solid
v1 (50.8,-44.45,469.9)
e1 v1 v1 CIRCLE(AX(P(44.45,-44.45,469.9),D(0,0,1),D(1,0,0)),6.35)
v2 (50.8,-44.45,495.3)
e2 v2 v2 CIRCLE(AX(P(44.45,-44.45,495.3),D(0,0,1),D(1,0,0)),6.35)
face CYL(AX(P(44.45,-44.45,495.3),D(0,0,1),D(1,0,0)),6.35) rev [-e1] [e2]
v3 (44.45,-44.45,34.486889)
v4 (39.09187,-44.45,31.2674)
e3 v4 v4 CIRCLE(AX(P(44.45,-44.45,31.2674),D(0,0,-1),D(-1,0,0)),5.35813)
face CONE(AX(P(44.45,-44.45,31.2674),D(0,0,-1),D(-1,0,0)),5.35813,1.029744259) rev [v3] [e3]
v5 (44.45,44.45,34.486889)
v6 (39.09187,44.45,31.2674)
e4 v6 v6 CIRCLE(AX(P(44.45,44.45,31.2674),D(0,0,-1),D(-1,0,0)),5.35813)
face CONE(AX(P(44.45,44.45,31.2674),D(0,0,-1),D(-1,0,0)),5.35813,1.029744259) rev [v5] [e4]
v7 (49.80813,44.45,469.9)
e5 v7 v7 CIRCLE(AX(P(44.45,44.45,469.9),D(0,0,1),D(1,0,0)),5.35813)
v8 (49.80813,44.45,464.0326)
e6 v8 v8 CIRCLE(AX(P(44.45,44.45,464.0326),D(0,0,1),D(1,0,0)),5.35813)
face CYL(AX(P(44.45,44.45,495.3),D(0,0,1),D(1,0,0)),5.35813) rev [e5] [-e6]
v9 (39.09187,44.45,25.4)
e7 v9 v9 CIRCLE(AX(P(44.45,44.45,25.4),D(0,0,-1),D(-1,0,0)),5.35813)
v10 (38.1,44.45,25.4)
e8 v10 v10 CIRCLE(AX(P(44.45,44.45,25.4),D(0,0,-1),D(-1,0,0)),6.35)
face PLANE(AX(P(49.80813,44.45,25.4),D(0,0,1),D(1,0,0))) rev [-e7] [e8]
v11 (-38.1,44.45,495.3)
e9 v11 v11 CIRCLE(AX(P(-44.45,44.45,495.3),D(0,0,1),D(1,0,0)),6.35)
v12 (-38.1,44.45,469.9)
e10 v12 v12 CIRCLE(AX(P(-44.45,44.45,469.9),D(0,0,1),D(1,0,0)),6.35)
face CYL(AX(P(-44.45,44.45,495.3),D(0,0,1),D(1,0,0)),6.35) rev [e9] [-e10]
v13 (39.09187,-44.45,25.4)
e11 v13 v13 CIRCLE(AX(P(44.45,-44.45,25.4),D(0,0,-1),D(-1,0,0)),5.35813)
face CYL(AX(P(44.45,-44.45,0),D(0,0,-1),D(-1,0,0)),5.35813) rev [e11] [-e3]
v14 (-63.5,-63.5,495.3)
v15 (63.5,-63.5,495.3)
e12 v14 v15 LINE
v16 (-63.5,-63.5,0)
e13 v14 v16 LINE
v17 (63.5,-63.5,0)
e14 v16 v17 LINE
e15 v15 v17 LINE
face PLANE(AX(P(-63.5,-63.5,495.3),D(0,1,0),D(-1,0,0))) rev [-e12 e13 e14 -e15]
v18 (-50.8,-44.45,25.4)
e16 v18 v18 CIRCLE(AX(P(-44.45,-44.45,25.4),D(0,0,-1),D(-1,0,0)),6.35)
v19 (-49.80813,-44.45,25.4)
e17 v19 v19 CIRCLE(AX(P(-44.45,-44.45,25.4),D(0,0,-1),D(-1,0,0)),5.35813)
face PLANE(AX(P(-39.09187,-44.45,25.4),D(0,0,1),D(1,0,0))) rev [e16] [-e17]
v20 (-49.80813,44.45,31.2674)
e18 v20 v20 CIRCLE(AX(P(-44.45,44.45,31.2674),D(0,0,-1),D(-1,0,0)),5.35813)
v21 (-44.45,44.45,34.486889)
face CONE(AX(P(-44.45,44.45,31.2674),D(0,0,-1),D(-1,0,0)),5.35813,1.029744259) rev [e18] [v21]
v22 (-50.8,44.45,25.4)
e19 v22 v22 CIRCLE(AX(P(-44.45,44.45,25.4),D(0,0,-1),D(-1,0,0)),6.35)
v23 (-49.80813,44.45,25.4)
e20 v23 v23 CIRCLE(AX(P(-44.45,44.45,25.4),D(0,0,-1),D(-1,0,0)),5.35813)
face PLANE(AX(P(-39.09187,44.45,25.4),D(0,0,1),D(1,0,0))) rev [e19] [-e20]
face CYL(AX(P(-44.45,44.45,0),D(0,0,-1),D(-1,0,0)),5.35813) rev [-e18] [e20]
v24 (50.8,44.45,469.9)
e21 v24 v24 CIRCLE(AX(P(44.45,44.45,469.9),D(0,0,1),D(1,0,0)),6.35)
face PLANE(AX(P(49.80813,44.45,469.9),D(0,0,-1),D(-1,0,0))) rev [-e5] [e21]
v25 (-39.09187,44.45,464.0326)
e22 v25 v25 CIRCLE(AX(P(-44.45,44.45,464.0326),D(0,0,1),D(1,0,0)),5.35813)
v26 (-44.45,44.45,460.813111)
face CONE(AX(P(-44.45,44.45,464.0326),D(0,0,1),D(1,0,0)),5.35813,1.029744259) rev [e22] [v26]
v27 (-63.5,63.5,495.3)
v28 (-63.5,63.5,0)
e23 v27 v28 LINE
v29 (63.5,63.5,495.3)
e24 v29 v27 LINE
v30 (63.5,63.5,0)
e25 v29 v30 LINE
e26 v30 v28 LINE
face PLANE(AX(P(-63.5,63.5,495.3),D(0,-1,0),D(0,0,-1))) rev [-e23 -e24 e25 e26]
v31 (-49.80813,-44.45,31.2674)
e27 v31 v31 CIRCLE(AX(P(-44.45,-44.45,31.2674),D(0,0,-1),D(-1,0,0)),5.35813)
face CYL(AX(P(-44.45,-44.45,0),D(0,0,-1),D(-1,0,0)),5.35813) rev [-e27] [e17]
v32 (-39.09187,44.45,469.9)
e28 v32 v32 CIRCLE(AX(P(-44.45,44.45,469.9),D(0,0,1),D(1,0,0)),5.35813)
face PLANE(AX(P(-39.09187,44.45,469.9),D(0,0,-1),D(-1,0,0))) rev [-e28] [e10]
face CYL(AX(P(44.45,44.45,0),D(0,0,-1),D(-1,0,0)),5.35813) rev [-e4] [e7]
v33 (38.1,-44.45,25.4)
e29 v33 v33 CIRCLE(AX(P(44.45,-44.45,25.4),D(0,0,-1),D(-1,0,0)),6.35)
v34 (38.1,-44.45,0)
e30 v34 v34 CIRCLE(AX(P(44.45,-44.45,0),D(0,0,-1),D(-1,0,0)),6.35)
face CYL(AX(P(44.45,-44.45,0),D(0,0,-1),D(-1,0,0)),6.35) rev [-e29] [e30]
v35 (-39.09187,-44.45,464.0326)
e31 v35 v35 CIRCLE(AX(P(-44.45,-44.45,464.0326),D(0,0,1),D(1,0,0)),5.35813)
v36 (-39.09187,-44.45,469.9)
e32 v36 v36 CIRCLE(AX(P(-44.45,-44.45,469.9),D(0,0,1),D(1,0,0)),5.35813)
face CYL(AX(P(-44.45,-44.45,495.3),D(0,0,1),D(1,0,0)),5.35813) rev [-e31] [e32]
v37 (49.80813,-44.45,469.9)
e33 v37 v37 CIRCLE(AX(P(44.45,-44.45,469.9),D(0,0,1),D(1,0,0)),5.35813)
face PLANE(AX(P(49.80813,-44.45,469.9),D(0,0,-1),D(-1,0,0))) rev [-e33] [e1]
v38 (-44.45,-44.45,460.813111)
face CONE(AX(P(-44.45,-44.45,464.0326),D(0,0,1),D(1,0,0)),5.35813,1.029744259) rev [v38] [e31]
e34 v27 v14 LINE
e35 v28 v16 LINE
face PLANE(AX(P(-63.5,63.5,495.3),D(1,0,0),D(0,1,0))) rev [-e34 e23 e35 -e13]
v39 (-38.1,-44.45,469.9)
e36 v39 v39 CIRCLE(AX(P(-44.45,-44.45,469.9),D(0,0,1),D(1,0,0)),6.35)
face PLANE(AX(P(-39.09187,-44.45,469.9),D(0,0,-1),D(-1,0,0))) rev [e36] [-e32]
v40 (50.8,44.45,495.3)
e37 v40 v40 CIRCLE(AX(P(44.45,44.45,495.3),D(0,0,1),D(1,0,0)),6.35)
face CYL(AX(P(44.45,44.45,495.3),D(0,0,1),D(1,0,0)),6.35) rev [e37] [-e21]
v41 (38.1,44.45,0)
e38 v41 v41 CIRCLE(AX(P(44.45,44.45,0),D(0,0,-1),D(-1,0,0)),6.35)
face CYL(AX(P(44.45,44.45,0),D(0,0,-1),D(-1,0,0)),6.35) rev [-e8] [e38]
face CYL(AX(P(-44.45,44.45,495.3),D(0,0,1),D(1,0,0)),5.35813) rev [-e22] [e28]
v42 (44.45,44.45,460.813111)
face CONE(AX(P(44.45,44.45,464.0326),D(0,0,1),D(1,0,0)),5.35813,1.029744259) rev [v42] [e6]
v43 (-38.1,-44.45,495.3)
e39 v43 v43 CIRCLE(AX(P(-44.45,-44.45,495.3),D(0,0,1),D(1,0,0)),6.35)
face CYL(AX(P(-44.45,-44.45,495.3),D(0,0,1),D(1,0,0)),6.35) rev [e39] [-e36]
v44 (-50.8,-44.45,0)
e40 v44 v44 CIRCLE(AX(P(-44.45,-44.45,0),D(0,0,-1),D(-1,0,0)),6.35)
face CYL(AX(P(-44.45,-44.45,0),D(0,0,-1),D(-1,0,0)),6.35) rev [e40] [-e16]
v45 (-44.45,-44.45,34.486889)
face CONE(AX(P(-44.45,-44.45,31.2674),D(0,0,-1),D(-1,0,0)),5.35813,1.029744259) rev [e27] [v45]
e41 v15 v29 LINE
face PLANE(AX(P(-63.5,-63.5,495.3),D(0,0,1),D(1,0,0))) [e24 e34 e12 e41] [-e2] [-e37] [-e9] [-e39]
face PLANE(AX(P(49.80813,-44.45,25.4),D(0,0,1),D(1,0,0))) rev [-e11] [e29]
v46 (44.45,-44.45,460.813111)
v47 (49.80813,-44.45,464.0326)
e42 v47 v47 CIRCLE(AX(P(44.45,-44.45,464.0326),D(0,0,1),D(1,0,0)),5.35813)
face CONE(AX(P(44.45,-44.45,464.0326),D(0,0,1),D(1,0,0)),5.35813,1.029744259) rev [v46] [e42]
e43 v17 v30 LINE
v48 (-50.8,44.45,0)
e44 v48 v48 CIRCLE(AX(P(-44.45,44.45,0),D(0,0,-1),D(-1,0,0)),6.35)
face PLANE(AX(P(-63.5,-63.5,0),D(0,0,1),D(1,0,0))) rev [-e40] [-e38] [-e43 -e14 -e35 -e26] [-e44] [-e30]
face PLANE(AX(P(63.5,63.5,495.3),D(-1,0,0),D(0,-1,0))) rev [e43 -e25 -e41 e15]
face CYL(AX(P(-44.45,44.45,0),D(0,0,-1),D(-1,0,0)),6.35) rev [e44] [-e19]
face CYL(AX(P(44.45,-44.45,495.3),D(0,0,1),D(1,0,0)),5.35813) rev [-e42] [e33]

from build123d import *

# Parameters (mm, degrees)
SKETCH1_W                         = 127
SKETCH1_H                         = 127
BOSS_EXTRUDE1_DEPTH               = 495.3
F_1_2_13_TAPPED_HOLE1_D           = 10.71626
F_1_2_13_TAPPED_HOLE1_DEPTH       = 31.2674
F_1_2_13_TAPPED_HOLE1_CBORE_D     = 12.7
F_1_2_13_TAPPED_HOLE1_CBORE_DEPTH = 25.4
F_1_2_13_TAPPED_HOLE1_TIP         = 3.219489309
F_1_2_13_TAPPED_HOLE2_D           = 10.71626
F_1_2_13_TAPPED_HOLE2_DEPTH       = 31.2674
F_1_2_13_TAPPED_HOLE2_CBORE_D     = 12.7
F_1_2_13_TAPPED_HOLE2_CBORE_DEPTH = 25.4
F_1_2_13_TAPPED_HOLE2_TIP         = 3.219489309


with BuildPart() as part:
    # Sketch1 → Boss-Extrude1 (new body)
    with BuildSketch(Plane.XY):
        Rectangle(SKETCH1_W, SKETCH1_H)
    extrude(amount=BOSS_EXTRUDE1_DEPTH)

    # 1/2-13 Tapped Hole1
    with Locations(Plane.XY.offset(495.3)):
        with Locations((44.45, 44.45), (44.45, -44.45), (-44.45, -44.45), (-44.45, 44.45)):
            CounterBoreHole(F_1_2_13_TAPPED_HOLE1_D / 2, F_1_2_13_TAPPED_HOLE1_CBORE_D / 2, F_1_2_13_TAPPED_HOLE1_CBORE_DEPTH, depth=F_1_2_13_TAPPED_HOLE1_DEPTH)
            with Locations((0, 0, -(F_1_2_13_TAPPED_HOLE1_DEPTH + F_1_2_13_TAPPED_HOLE1_TIP / 2))):  # 118° drill point
                Cone(0, F_1_2_13_TAPPED_HOLE1_D / 2, F_1_2_13_TAPPED_HOLE1_TIP, mode=Mode.SUBTRACT)

    # 1/2-13 Tapped Hole2
    with Locations(Plane(origin=(0, 0, 0), x_dir=(-1, 0, 0), z_dir=(0, 0, -1))):
        with Locations((-44.45, 44.45), (44.45, 44.45), (-44.45, -44.45), (44.45, -44.45)):
            CounterBoreHole(F_1_2_13_TAPPED_HOLE2_D / 2, F_1_2_13_TAPPED_HOLE2_CBORE_D / 2, F_1_2_13_TAPPED_HOLE2_CBORE_DEPTH, depth=F_1_2_13_TAPPED_HOLE2_DEPTH)
            with Locations((0, 0, -(F_1_2_13_TAPPED_HOLE2_DEPTH + F_1_2_13_TAPPED_HOLE2_TIP / 2))):  # 118° drill point
                Cone(0, F_1_2_13_TAPPED_HOLE2_D / 2, F_1_2_13_TAPPED_HOLE2_TIP, mode=Mode.SUBTRACT)


solid = part.part
